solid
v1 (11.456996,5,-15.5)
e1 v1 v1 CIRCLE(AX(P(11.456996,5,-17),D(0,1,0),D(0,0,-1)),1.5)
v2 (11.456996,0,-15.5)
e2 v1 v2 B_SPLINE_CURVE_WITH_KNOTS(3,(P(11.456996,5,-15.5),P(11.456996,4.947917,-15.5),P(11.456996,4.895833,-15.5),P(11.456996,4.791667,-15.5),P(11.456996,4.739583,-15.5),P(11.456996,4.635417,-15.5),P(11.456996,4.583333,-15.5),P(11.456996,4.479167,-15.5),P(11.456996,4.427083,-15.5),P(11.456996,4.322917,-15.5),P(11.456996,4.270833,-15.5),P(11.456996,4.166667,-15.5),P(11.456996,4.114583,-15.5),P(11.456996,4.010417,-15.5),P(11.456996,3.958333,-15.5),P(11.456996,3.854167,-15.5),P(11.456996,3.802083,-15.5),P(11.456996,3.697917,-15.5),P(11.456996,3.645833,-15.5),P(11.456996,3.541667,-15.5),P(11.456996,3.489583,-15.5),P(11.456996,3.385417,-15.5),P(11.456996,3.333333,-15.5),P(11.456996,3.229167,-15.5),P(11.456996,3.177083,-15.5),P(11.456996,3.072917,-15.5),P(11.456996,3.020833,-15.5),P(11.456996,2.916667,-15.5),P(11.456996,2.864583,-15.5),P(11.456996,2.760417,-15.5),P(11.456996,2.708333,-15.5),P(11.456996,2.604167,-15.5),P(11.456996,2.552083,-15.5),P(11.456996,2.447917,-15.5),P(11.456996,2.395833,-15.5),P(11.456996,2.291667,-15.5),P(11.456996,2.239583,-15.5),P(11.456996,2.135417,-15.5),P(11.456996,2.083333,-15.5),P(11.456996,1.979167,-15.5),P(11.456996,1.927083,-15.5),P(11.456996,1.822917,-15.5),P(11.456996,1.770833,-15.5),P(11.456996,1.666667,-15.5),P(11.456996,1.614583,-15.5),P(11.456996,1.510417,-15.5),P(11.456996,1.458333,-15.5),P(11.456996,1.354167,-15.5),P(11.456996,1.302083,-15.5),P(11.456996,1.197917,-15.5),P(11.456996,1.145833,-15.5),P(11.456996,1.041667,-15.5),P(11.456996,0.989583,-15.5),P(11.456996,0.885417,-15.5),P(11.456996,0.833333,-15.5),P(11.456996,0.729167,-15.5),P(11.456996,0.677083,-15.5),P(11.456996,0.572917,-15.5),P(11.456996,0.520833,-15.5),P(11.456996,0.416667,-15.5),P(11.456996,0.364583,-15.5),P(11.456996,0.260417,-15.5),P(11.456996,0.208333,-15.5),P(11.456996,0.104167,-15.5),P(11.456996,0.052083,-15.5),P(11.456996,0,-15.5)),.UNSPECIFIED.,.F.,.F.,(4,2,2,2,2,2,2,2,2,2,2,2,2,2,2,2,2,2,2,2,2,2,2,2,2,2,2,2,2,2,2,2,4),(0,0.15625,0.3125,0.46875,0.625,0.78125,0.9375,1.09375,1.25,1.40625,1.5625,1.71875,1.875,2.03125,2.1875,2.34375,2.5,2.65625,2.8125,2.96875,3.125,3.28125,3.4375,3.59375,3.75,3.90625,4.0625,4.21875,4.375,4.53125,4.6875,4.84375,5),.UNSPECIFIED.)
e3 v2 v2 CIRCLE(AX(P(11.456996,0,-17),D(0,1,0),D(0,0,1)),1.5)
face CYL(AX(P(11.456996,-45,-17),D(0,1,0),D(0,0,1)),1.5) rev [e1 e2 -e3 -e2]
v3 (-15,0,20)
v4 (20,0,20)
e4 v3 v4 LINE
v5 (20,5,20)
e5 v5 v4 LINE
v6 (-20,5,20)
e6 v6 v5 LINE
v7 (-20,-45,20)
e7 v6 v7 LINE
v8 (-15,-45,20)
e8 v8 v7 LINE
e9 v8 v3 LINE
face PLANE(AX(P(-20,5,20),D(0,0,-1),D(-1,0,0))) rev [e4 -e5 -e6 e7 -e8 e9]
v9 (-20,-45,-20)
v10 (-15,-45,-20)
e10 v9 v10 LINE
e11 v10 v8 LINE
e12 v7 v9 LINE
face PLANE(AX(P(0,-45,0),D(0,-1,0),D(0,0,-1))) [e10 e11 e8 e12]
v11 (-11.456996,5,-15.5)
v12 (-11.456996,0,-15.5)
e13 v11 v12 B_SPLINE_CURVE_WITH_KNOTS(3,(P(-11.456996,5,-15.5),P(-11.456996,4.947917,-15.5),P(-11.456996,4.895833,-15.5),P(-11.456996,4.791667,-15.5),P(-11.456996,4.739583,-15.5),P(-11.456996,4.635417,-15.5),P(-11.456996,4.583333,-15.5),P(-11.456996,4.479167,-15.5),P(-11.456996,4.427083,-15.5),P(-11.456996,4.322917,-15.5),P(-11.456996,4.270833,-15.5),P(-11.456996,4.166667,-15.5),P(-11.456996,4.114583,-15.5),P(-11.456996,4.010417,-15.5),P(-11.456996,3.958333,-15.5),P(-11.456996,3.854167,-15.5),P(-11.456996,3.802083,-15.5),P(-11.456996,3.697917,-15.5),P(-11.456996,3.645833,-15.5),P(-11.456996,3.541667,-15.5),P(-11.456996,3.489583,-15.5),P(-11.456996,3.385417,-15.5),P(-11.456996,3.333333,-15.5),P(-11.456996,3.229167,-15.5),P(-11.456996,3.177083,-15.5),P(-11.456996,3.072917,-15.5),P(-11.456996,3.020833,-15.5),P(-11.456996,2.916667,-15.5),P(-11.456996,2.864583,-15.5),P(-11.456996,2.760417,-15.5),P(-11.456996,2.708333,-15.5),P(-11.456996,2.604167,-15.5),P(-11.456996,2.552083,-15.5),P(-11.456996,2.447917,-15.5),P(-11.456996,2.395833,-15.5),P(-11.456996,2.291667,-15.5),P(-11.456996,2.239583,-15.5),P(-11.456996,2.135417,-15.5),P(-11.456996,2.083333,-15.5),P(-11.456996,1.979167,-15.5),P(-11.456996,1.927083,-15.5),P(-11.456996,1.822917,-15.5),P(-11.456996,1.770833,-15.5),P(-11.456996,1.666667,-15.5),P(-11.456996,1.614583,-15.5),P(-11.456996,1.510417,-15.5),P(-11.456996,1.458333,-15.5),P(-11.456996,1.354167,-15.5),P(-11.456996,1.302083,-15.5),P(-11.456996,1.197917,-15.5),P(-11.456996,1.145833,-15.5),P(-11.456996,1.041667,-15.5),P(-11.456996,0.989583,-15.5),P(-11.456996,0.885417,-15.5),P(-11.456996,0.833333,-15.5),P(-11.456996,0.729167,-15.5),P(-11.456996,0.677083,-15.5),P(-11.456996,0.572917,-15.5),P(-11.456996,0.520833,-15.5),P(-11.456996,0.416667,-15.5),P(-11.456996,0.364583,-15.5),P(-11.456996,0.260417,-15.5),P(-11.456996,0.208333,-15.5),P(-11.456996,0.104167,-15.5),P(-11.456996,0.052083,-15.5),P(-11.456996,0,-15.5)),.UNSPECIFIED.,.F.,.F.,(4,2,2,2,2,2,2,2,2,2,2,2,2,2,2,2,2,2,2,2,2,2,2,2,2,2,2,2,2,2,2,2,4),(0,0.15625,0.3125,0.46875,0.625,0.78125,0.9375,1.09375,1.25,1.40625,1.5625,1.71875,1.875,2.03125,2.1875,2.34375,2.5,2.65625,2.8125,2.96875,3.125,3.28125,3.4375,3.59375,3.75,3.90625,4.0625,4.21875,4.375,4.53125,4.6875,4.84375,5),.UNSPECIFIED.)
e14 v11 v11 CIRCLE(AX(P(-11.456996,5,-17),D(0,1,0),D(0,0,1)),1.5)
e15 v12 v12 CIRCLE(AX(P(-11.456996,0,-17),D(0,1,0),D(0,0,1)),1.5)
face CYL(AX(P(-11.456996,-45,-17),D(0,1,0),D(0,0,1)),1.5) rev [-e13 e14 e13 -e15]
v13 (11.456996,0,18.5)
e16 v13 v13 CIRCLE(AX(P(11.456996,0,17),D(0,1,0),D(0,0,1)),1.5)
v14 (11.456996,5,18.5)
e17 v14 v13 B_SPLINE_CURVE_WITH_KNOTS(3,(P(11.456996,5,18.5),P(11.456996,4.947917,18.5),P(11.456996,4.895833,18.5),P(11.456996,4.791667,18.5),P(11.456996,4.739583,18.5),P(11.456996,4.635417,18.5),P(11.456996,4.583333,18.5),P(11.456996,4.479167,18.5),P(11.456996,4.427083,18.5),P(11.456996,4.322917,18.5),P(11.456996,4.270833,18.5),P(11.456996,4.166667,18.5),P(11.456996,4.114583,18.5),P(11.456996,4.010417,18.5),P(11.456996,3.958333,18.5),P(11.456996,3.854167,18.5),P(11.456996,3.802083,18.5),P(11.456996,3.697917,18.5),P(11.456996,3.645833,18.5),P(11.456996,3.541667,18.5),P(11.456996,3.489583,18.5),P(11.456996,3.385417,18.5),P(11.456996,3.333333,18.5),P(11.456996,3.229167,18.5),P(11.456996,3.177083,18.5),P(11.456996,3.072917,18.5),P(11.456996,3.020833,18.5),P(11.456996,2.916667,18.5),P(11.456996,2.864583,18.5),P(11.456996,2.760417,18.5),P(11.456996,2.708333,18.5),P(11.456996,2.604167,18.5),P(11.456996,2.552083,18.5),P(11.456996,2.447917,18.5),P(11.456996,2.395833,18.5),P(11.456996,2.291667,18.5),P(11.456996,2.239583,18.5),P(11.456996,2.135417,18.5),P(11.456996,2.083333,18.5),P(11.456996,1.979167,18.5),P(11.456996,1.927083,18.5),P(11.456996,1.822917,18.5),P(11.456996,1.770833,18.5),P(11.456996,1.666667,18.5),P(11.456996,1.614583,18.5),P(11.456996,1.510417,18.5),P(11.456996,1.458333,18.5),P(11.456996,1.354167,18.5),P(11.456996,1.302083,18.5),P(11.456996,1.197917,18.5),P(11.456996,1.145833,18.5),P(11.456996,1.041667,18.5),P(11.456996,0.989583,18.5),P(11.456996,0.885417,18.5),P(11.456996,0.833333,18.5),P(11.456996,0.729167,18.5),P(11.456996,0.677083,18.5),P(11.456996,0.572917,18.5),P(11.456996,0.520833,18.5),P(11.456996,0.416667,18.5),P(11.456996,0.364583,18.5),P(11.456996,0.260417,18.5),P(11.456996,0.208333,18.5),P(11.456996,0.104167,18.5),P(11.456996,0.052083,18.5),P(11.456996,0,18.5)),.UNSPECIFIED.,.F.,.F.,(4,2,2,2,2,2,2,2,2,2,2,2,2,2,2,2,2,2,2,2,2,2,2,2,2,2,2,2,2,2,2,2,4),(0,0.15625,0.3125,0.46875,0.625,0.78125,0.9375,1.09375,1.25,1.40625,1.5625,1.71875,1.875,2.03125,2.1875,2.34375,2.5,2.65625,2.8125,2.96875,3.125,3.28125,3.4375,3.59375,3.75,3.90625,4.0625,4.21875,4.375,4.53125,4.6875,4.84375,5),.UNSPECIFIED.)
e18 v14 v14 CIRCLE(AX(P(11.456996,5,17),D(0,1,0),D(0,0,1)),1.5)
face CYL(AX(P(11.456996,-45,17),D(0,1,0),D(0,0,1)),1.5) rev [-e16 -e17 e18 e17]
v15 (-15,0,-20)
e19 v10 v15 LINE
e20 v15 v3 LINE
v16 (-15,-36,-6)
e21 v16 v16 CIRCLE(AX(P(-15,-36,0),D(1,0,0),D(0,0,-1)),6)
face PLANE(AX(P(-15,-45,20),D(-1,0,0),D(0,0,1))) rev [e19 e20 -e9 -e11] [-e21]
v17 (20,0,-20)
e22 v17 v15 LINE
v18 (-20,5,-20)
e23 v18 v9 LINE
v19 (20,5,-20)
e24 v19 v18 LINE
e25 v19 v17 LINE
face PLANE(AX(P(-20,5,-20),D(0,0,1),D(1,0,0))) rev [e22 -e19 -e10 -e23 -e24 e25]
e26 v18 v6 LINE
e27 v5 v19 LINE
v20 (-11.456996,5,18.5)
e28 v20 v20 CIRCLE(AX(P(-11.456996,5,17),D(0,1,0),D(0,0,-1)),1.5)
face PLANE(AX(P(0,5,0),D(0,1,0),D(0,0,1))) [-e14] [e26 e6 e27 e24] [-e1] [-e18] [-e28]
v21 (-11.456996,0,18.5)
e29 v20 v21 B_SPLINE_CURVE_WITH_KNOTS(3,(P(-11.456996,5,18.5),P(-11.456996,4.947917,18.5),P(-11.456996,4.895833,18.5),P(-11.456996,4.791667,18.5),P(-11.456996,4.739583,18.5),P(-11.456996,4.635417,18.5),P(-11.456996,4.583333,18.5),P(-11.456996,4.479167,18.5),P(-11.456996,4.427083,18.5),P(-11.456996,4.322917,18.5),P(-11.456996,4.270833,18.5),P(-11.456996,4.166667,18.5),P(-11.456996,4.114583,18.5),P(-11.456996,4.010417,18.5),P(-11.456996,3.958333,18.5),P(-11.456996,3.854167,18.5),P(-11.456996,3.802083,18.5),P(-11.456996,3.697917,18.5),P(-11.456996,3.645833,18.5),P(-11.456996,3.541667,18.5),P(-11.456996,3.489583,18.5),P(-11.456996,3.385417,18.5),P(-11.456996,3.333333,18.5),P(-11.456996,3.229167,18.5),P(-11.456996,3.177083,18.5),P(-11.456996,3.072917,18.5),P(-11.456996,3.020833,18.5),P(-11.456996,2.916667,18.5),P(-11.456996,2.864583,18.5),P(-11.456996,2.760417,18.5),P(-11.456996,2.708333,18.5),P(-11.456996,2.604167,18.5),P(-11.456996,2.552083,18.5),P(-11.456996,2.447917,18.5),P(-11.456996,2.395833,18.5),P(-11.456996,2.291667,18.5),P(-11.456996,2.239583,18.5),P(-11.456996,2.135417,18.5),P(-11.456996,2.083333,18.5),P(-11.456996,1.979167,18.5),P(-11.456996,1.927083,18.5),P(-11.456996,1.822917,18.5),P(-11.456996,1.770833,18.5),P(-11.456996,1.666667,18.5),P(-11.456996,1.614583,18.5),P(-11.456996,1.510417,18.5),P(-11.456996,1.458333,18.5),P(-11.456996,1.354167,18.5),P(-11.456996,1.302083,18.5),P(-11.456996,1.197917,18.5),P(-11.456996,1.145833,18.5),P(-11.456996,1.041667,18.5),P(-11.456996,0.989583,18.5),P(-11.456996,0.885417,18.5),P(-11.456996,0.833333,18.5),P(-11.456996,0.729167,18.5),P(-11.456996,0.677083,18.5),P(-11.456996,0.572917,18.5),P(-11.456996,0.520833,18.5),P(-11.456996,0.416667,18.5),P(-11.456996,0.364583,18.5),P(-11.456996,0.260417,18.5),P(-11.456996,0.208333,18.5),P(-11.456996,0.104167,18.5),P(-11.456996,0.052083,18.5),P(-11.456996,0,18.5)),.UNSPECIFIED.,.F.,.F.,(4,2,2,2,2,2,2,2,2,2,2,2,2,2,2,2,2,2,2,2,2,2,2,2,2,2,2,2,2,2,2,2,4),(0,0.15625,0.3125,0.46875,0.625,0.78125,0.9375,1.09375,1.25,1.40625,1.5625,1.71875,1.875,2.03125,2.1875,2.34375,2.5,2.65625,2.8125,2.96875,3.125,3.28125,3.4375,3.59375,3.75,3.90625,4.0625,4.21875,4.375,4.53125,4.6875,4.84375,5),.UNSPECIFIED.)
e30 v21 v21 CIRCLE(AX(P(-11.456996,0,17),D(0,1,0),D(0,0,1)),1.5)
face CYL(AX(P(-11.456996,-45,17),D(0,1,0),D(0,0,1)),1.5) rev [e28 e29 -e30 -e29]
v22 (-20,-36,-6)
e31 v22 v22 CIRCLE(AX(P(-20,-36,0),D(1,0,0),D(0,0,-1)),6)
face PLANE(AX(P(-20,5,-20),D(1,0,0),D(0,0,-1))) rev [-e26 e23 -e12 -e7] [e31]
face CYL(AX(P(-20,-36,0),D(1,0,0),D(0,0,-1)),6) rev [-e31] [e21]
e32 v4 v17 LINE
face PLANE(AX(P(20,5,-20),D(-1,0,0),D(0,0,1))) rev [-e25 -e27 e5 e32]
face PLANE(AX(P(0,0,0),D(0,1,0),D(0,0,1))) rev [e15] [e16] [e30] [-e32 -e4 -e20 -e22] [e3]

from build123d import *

# Parameters (mm, degrees)
SKETCH1_W           = 40
SKETCH1_H           = 40
BOSS_EXTRUDE1_DEPTH = 5
SKETCH2_W           = 5
SKETCH2_H           = 40
BOSS_EXTRUDE4_DEPTH = 45
SKETCH6_R           = 6
CUT_EXTRUDE5_DEPTH  = 61.415229868
SKETCH7_R           = 1.5
CUT_EXTRUDE6_DEPTH  = 58.445626465


with BuildPart() as part:
    # Sketch1 → Boss-Extrude1 (new body)
    with BuildSketch(Plane(origin=(0, 0, 0), x_dir=(1, 0, 0), z_dir=(0, 1, 0))):
        Rectangle(SKETCH1_W, SKETCH1_H)
    extrude(amount=BOSS_EXTRUDE1_DEPTH)

    # Sketch2 → Boss-Extrude4 (add)
    with BuildSketch(Plane.XZ):
        with Locations((-17.5, 0)):
            Rectangle(SKETCH2_W, SKETCH2_H)
    extrude(amount=BOSS_EXTRUDE4_DEPTH)

    # Sketch6 → Cut-Extrude5 (cut, through all)
    with BuildSketch(Plane(origin=(-15, 0, 0), x_dir=(0, 0, -1), z_dir=(1, 0, 0))):
        with Locations((0, -36)):
            Circle(SKETCH6_R)
    extrude(amount=-CUT_EXTRUDE5_DEPTH, mode=Mode.SUBTRACT)

    # Sketch7 → Cut-Extrude6 (cut, through all)
    with BuildSketch(Plane(origin=(0, 5, 0), x_dir=(1, 0, 0), z_dir=(0, 1, 0))):
        with Locations(Location((-11.456996051, 17, 0), (0, 0, 270))):
            Circle(SKETCH7_R)
        with Locations(Location((11.456996051, 17, 0), (0, 0, 270))):
            Circle(SKETCH7_R)
        with Locations(Location((11.456996051, -17, 0), (0, 0, 270))):
            Circle(SKETCH7_R)
        with Locations(Location((-11.456996051, -17, 0), (0, 0, 270))):
            Circle(SKETCH7_R)
    extrude(amount=-CUT_EXTRUDE6_DEPTH, mode=Mode.SUBTRACT)


solid = part.part
